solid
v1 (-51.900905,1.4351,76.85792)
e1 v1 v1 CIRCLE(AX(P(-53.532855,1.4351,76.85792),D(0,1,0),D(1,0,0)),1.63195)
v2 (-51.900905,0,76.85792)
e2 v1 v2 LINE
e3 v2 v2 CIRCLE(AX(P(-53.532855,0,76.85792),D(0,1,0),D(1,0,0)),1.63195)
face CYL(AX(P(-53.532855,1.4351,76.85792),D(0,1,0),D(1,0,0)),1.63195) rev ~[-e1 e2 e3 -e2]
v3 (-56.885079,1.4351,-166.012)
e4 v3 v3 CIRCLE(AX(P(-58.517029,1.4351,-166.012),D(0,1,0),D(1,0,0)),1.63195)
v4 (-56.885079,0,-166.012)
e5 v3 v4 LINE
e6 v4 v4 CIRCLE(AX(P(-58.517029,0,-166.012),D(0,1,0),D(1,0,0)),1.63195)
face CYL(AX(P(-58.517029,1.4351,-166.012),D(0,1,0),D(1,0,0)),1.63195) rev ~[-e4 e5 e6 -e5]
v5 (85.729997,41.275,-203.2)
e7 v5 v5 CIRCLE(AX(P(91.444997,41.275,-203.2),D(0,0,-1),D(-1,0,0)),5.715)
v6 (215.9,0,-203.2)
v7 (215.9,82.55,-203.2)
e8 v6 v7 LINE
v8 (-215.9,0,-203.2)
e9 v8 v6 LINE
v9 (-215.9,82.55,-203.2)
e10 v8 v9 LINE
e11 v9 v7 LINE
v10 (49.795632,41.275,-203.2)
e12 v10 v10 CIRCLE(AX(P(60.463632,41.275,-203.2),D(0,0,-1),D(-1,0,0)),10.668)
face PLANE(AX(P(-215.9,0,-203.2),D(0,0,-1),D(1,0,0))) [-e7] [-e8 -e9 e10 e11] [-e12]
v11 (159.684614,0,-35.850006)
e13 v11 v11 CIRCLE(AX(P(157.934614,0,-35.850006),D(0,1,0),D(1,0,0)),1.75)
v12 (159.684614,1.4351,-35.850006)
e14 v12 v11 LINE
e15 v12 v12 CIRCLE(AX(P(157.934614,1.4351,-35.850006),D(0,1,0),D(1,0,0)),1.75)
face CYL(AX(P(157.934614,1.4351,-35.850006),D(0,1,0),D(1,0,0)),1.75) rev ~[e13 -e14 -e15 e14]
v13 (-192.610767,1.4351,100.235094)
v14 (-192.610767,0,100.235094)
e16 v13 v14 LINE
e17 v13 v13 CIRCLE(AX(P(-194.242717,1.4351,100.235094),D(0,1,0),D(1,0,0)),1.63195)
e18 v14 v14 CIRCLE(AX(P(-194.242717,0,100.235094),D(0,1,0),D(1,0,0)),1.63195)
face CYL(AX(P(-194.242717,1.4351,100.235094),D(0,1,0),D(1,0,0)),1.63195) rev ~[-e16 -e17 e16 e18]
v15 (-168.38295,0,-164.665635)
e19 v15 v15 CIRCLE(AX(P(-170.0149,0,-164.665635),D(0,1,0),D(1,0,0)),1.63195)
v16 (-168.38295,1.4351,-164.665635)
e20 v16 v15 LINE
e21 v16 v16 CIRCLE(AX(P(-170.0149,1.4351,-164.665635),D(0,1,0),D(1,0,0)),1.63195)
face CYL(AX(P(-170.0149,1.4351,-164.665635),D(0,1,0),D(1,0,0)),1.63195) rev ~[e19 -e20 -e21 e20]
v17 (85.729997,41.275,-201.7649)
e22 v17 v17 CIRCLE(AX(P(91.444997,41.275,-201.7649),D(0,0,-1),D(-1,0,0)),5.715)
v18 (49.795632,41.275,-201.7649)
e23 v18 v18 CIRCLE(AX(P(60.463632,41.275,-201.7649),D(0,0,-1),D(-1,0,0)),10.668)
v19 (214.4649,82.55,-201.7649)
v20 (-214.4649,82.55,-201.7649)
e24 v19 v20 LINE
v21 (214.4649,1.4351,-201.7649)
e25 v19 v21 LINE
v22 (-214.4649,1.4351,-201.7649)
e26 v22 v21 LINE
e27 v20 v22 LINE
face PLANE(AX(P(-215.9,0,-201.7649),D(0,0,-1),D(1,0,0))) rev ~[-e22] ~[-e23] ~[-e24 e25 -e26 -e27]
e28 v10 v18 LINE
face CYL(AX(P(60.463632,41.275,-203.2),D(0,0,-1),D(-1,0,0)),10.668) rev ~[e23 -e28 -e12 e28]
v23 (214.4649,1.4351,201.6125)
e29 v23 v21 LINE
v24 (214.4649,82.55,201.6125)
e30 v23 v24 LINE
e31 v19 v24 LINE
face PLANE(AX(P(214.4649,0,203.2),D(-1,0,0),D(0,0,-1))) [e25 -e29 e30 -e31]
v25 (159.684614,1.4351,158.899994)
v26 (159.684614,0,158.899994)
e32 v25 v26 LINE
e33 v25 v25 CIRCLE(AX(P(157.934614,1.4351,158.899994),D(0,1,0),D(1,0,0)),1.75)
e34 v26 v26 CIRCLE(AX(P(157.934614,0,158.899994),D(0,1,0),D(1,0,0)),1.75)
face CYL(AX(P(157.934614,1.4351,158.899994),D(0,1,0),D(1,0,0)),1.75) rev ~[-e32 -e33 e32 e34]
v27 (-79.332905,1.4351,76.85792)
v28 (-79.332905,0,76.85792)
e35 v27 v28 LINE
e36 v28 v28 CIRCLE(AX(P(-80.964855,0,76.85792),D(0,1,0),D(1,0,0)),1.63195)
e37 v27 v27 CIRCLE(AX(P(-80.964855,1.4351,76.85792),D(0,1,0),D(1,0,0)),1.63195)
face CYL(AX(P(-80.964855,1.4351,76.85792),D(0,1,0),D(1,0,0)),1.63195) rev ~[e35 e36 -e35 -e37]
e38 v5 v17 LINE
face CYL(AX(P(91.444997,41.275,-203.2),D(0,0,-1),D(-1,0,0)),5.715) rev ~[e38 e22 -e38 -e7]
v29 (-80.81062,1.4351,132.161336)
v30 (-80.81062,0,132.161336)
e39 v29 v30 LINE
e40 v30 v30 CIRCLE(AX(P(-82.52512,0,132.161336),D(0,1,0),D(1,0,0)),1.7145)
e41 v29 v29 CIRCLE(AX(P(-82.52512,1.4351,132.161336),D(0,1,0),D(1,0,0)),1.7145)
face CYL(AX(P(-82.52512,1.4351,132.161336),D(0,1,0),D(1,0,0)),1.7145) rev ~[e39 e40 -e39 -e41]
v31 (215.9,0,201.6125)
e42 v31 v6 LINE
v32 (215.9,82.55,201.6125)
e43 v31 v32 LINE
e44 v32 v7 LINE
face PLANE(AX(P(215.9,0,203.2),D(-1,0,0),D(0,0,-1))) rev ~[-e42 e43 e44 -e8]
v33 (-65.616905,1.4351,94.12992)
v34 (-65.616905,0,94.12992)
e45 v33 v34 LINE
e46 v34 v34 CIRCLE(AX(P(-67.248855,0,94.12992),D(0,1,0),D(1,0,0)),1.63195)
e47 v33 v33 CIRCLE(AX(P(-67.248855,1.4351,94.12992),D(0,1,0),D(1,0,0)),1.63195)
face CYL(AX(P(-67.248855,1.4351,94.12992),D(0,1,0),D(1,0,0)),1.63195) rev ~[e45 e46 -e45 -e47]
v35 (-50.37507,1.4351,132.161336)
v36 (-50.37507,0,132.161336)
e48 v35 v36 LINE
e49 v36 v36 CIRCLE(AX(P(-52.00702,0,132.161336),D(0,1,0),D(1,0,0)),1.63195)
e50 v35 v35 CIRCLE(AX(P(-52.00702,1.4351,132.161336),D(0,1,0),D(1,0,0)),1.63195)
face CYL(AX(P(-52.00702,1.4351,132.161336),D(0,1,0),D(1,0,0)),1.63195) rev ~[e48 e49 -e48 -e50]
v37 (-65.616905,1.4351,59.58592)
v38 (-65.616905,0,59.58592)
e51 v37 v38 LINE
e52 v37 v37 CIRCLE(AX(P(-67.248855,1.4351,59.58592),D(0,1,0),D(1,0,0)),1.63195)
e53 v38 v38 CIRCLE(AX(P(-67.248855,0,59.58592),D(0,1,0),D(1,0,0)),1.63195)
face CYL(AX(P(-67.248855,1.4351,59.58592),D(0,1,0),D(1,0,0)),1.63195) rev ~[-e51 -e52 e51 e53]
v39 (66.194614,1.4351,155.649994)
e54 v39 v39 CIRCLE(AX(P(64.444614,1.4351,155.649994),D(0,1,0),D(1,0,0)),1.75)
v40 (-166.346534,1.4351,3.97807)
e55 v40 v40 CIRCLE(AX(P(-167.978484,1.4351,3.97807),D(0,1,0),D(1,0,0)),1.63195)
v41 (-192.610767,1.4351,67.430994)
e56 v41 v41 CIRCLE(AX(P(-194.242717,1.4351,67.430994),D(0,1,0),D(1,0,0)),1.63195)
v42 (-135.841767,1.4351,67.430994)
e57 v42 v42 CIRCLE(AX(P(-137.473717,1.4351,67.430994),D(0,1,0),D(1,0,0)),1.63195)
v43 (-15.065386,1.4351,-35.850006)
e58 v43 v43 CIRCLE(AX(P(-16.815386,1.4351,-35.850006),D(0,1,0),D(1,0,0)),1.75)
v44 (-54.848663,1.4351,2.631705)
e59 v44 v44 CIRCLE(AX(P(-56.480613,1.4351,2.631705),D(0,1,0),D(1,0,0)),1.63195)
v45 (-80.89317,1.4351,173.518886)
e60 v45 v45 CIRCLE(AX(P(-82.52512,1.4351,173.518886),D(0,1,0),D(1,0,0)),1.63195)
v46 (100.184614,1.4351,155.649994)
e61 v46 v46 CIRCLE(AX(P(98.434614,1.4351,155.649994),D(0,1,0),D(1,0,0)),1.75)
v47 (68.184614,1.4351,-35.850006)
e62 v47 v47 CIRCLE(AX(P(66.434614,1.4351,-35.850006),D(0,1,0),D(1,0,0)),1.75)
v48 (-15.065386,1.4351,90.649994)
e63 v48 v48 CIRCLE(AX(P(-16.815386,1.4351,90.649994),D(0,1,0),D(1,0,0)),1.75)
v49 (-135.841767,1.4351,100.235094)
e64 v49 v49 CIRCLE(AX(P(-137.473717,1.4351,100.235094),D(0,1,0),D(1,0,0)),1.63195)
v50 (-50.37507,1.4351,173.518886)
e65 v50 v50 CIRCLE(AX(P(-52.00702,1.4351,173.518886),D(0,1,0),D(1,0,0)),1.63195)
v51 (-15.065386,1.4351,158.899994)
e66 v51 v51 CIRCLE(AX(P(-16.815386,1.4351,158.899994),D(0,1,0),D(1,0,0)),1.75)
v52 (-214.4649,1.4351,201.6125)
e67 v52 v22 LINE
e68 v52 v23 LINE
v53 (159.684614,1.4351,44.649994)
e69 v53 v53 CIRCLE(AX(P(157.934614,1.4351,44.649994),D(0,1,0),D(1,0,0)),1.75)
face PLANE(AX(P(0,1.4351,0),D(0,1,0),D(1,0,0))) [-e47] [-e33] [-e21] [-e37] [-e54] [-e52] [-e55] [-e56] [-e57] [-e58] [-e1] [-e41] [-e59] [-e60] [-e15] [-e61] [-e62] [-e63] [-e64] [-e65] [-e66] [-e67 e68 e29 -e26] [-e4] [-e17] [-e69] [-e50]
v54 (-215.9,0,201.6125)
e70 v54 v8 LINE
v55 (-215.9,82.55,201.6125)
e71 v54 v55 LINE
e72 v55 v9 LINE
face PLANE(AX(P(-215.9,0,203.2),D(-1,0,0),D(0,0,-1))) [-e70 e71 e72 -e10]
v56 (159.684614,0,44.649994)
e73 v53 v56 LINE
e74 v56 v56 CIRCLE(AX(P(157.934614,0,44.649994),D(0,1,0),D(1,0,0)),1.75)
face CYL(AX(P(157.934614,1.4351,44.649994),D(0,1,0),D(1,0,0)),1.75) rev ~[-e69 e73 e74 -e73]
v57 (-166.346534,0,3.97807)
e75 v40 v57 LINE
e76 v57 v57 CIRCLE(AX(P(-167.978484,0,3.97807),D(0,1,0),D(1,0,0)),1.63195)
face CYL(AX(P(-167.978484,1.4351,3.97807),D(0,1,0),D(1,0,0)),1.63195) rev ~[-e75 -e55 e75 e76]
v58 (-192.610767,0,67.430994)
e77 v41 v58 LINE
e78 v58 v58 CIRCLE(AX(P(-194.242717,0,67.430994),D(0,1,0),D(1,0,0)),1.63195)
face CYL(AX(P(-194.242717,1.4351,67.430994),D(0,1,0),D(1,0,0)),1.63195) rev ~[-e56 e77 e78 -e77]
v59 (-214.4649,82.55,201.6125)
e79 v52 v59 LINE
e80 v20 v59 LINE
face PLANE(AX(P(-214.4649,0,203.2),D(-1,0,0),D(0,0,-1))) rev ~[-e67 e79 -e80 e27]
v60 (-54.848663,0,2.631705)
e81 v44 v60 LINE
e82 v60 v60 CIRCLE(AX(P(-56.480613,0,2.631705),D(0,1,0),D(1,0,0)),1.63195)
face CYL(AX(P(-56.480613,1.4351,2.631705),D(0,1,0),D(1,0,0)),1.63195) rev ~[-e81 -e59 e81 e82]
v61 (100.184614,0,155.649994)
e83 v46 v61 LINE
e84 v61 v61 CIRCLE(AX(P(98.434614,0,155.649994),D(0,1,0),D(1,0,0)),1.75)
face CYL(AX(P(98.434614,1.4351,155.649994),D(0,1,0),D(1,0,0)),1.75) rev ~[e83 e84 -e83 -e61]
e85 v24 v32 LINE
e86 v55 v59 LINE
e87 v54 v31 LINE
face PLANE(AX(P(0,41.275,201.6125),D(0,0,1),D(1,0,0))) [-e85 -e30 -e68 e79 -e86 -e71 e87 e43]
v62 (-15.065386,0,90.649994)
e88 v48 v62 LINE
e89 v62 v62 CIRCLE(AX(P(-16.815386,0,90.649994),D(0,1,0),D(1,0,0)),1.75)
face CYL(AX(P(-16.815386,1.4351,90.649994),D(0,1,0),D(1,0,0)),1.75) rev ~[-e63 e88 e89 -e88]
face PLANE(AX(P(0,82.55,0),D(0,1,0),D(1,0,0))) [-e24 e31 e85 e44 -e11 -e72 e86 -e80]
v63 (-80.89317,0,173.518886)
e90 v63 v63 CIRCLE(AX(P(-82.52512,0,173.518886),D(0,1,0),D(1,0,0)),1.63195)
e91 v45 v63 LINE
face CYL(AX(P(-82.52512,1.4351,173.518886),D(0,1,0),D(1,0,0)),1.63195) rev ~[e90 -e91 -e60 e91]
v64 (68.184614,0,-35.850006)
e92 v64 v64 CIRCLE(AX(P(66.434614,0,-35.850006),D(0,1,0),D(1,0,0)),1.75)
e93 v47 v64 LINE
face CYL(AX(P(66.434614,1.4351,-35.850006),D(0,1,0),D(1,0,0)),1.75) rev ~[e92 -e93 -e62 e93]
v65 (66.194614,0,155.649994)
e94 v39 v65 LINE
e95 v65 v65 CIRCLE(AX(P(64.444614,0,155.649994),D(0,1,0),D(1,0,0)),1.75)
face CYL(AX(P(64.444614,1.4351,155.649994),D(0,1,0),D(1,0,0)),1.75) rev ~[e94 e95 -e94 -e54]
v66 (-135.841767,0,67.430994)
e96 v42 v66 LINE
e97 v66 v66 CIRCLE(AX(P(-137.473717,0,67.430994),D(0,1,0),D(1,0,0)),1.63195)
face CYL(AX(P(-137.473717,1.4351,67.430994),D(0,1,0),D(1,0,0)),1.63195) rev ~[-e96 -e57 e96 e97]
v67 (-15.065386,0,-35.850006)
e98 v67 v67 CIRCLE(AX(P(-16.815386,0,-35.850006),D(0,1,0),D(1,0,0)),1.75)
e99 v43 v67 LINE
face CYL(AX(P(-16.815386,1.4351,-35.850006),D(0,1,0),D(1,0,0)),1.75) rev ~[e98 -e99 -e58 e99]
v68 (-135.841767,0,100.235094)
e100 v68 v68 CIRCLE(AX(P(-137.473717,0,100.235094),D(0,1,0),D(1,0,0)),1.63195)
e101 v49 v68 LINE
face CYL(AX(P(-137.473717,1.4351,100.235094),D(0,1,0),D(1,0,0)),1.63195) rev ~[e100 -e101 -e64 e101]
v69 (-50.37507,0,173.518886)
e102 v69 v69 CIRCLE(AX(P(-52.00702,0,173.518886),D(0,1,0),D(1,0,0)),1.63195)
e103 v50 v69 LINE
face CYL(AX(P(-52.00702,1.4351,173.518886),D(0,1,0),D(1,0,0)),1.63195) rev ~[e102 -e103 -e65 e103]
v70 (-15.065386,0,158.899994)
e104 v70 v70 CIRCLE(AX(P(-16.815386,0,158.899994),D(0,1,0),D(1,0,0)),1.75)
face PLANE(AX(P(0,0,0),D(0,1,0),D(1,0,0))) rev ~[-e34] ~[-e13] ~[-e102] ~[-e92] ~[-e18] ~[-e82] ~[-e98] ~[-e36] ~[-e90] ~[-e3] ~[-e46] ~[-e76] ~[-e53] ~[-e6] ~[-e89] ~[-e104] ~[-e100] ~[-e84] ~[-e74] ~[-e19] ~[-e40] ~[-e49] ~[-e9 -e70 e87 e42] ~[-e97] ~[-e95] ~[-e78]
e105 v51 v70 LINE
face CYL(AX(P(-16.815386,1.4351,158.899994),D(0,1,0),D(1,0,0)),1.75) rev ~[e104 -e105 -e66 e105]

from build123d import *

# Parameters (mm, degrees)
SKETCH1_W           = 431.8
SKETCH1_H           = 406.4
BOSS_EXTRUDE1_DEPTH = 82.55
SHELL1_T            = -1.4351
SKETCH2_W           = 431.8
SKETCH2_H           = 82.55
CUT_EXTRUDE1_DEPTH  = 1.5875
SKETCH4_R           = 1.63195
CUT_EXTRUDE3_DEPTH  = 160.02
SKETCH8_R           = 10.668
SKETCH8_R_2         = 5.715
CUT_EXTRUDE7_DEPTH  = 405.8125
SKETCH9_R           = 1.63195
SKETCH9_R_2         = 1.7145
CUT_EXTRUDE8_DEPTH  = 2.54
SKETCH3_R           = 1.75
CUT_EXTRUDE2_DEPTH  = 160.02
SKETCH5_R           = 1.63195
CUT_EXTRUDE6_DEPTH  = 2.4351


with BuildPart() as part:
    # Sketch1 → Boss-Extrude1 (new body)
    with BuildSketch(Plane(origin=(0, 0, 0), x_dir=(1, 0, 0), z_dir=(0, 1, 0))):
        Rectangle(SKETCH1_W, SKETCH1_H)
    extrude(amount=BOSS_EXTRUDE1_DEPTH)

    # Shell1
    shell1_openings = [part.faces().sort_by_distance(p)[0] for p in [
        (0, 82.55, 0),
    ]]
    offset(amount=SHELL1_T, openings=shell1_openings, kind=Kind.INTERSECTION)

    # Sketch2 → Cut-Extrude1 (cut)
    with BuildSketch(Plane.XY.offset(203.2)):
        with Locations((0, 41.275)):
            Rectangle(SKETCH2_W, SKETCH2_H)
    extrude(amount=-CUT_EXTRUDE1_DEPTH, mode=Mode.SUBTRACT)

    # Sketch4 → Cut-Extrude3 (cut)
    with BuildSketch(Plane(origin=(0, 1.4351, 0), x_dir=(1, 0, 0), z_dir=(0, 1, 0))):
        with Locations((-170.0149, 164.665635276)):
            Circle(SKETCH4_R)
        with Locations((-58.517028555, 166.012000494)):
            Circle(SKETCH4_R)
        with Locations((-167.978484272, -3.978070052)):
            Circle(SKETCH4_R)
        with Locations((-56.480612827, -2.631704835)):
            Circle(SKETCH4_R)
    extrude(amount=-CUT_EXTRUDE3_DEPTH, mode=Mode.SUBTRACT)

    # Sketch8 → Cut-Extrude7 (cut, through all)
    with BuildSketch(Plane(origin=(0, 0, -203.2), x_dir=(-1, 0, 0), z_dir=(0, 0, -1))):
        with Locations((-60.463632171, 41.275)):
            Circle(SKETCH8_R)
        with Locations((-91.444997416, 41.275)):
            Circle(SKETCH8_R_2)
    extrude(amount=-CUT_EXTRUDE7_DEPTH, mode=Mode.SUBTRACT)

    # Sketch9 → Cut-Extrude8 (cut)
    with BuildSketch(Plane(origin=(0, 1.4351, 0), x_dir=(1, 0, 0), z_dir=(0, 1, 0))):
        with Locations((-52.00702029, -132.161335594)):
            Circle(SKETCH9_R)
        with Locations((-52.00702029, -173.518885594)):
            Circle(SKETCH9_R)
        with Locations((-82.52512029, -173.518885594)):
            Circle(SKETCH9_R)
        with Locations((-82.52512029, -132.161335594)):
            Circle(SKETCH9_R_2)
        with Locations((-137.473717268, -100.235094157)):
            Circle(SKETCH9_R)
        with Locations((-194.242717268, -100.235094157)):
            Circle(SKETCH9_R)
        with Locations((-137.473717268, -67.430994157)):
            Circle(SKETCH9_R)
        with Locations((-194.242717268, -67.430994157)):
            Circle(SKETCH9_R)
    extrude(amount=-CUT_EXTRUDE8_DEPTH, mode=Mode.SUBTRACT)

    # Sketch3 → Cut-Extrude2 (cut)
    with BuildSketch(Plane(origin=(0, 1.4351, 0), x_dir=(1, 0, 0), z_dir=(0, 1, 0))):
        with Locations((157.934614453, 35.850005932)):
            Circle(SKETCH3_R)
        with Locations((157.934614453, -44.649994068)):
            Circle(SKETCH3_R)
        with Locations((157.934614453, -158.899994068)):
            Circle(SKETCH3_R)
        with Locations((98.434614453, -155.649994068)):
            Circle(SKETCH3_R)
        with Locations((64.444614453, -155.649994068)):
            Circle(SKETCH3_R)
        with Locations((-16.815385547, -158.899994068)):
            Circle(SKETCH3_R)
        with Locations((66.434614453, 35.850005932)):
            Circle(SKETCH3_R)
        with Locations((-16.815385547, 35.850005932)):
            Circle(SKETCH3_R)
        with Locations((-16.815385547, -90.649994068)):
            Circle(SKETCH3_R)
    extrude(amount=-CUT_EXTRUDE2_DEPTH, mode=Mode.SUBTRACT)

    # Sketch5 → Cut-Extrude6 (cut, through all)
    with BuildSketch(Plane(origin=(0, 1.4351, 0), x_dir=(1, 0, 0), z_dir=(0, 1, 0))):
        with Locations((-67.248855215, -59.585919699)):
            Circle(SKETCH5_R)
        with Locations((-67.248855215, -94.129919699)):
            Circle(SKETCH5_R)
        with Locations((-80.964855215, -76.857919699)):
            Circle(SKETCH5_R)
        with Locations((-53.532855215, -76.857919699)):
            Circle(SKETCH5_R)
    extrude(amount=-CUT_EXTRUDE6_DEPTH, mode=Mode.SUBTRACT)


solid = part.part
